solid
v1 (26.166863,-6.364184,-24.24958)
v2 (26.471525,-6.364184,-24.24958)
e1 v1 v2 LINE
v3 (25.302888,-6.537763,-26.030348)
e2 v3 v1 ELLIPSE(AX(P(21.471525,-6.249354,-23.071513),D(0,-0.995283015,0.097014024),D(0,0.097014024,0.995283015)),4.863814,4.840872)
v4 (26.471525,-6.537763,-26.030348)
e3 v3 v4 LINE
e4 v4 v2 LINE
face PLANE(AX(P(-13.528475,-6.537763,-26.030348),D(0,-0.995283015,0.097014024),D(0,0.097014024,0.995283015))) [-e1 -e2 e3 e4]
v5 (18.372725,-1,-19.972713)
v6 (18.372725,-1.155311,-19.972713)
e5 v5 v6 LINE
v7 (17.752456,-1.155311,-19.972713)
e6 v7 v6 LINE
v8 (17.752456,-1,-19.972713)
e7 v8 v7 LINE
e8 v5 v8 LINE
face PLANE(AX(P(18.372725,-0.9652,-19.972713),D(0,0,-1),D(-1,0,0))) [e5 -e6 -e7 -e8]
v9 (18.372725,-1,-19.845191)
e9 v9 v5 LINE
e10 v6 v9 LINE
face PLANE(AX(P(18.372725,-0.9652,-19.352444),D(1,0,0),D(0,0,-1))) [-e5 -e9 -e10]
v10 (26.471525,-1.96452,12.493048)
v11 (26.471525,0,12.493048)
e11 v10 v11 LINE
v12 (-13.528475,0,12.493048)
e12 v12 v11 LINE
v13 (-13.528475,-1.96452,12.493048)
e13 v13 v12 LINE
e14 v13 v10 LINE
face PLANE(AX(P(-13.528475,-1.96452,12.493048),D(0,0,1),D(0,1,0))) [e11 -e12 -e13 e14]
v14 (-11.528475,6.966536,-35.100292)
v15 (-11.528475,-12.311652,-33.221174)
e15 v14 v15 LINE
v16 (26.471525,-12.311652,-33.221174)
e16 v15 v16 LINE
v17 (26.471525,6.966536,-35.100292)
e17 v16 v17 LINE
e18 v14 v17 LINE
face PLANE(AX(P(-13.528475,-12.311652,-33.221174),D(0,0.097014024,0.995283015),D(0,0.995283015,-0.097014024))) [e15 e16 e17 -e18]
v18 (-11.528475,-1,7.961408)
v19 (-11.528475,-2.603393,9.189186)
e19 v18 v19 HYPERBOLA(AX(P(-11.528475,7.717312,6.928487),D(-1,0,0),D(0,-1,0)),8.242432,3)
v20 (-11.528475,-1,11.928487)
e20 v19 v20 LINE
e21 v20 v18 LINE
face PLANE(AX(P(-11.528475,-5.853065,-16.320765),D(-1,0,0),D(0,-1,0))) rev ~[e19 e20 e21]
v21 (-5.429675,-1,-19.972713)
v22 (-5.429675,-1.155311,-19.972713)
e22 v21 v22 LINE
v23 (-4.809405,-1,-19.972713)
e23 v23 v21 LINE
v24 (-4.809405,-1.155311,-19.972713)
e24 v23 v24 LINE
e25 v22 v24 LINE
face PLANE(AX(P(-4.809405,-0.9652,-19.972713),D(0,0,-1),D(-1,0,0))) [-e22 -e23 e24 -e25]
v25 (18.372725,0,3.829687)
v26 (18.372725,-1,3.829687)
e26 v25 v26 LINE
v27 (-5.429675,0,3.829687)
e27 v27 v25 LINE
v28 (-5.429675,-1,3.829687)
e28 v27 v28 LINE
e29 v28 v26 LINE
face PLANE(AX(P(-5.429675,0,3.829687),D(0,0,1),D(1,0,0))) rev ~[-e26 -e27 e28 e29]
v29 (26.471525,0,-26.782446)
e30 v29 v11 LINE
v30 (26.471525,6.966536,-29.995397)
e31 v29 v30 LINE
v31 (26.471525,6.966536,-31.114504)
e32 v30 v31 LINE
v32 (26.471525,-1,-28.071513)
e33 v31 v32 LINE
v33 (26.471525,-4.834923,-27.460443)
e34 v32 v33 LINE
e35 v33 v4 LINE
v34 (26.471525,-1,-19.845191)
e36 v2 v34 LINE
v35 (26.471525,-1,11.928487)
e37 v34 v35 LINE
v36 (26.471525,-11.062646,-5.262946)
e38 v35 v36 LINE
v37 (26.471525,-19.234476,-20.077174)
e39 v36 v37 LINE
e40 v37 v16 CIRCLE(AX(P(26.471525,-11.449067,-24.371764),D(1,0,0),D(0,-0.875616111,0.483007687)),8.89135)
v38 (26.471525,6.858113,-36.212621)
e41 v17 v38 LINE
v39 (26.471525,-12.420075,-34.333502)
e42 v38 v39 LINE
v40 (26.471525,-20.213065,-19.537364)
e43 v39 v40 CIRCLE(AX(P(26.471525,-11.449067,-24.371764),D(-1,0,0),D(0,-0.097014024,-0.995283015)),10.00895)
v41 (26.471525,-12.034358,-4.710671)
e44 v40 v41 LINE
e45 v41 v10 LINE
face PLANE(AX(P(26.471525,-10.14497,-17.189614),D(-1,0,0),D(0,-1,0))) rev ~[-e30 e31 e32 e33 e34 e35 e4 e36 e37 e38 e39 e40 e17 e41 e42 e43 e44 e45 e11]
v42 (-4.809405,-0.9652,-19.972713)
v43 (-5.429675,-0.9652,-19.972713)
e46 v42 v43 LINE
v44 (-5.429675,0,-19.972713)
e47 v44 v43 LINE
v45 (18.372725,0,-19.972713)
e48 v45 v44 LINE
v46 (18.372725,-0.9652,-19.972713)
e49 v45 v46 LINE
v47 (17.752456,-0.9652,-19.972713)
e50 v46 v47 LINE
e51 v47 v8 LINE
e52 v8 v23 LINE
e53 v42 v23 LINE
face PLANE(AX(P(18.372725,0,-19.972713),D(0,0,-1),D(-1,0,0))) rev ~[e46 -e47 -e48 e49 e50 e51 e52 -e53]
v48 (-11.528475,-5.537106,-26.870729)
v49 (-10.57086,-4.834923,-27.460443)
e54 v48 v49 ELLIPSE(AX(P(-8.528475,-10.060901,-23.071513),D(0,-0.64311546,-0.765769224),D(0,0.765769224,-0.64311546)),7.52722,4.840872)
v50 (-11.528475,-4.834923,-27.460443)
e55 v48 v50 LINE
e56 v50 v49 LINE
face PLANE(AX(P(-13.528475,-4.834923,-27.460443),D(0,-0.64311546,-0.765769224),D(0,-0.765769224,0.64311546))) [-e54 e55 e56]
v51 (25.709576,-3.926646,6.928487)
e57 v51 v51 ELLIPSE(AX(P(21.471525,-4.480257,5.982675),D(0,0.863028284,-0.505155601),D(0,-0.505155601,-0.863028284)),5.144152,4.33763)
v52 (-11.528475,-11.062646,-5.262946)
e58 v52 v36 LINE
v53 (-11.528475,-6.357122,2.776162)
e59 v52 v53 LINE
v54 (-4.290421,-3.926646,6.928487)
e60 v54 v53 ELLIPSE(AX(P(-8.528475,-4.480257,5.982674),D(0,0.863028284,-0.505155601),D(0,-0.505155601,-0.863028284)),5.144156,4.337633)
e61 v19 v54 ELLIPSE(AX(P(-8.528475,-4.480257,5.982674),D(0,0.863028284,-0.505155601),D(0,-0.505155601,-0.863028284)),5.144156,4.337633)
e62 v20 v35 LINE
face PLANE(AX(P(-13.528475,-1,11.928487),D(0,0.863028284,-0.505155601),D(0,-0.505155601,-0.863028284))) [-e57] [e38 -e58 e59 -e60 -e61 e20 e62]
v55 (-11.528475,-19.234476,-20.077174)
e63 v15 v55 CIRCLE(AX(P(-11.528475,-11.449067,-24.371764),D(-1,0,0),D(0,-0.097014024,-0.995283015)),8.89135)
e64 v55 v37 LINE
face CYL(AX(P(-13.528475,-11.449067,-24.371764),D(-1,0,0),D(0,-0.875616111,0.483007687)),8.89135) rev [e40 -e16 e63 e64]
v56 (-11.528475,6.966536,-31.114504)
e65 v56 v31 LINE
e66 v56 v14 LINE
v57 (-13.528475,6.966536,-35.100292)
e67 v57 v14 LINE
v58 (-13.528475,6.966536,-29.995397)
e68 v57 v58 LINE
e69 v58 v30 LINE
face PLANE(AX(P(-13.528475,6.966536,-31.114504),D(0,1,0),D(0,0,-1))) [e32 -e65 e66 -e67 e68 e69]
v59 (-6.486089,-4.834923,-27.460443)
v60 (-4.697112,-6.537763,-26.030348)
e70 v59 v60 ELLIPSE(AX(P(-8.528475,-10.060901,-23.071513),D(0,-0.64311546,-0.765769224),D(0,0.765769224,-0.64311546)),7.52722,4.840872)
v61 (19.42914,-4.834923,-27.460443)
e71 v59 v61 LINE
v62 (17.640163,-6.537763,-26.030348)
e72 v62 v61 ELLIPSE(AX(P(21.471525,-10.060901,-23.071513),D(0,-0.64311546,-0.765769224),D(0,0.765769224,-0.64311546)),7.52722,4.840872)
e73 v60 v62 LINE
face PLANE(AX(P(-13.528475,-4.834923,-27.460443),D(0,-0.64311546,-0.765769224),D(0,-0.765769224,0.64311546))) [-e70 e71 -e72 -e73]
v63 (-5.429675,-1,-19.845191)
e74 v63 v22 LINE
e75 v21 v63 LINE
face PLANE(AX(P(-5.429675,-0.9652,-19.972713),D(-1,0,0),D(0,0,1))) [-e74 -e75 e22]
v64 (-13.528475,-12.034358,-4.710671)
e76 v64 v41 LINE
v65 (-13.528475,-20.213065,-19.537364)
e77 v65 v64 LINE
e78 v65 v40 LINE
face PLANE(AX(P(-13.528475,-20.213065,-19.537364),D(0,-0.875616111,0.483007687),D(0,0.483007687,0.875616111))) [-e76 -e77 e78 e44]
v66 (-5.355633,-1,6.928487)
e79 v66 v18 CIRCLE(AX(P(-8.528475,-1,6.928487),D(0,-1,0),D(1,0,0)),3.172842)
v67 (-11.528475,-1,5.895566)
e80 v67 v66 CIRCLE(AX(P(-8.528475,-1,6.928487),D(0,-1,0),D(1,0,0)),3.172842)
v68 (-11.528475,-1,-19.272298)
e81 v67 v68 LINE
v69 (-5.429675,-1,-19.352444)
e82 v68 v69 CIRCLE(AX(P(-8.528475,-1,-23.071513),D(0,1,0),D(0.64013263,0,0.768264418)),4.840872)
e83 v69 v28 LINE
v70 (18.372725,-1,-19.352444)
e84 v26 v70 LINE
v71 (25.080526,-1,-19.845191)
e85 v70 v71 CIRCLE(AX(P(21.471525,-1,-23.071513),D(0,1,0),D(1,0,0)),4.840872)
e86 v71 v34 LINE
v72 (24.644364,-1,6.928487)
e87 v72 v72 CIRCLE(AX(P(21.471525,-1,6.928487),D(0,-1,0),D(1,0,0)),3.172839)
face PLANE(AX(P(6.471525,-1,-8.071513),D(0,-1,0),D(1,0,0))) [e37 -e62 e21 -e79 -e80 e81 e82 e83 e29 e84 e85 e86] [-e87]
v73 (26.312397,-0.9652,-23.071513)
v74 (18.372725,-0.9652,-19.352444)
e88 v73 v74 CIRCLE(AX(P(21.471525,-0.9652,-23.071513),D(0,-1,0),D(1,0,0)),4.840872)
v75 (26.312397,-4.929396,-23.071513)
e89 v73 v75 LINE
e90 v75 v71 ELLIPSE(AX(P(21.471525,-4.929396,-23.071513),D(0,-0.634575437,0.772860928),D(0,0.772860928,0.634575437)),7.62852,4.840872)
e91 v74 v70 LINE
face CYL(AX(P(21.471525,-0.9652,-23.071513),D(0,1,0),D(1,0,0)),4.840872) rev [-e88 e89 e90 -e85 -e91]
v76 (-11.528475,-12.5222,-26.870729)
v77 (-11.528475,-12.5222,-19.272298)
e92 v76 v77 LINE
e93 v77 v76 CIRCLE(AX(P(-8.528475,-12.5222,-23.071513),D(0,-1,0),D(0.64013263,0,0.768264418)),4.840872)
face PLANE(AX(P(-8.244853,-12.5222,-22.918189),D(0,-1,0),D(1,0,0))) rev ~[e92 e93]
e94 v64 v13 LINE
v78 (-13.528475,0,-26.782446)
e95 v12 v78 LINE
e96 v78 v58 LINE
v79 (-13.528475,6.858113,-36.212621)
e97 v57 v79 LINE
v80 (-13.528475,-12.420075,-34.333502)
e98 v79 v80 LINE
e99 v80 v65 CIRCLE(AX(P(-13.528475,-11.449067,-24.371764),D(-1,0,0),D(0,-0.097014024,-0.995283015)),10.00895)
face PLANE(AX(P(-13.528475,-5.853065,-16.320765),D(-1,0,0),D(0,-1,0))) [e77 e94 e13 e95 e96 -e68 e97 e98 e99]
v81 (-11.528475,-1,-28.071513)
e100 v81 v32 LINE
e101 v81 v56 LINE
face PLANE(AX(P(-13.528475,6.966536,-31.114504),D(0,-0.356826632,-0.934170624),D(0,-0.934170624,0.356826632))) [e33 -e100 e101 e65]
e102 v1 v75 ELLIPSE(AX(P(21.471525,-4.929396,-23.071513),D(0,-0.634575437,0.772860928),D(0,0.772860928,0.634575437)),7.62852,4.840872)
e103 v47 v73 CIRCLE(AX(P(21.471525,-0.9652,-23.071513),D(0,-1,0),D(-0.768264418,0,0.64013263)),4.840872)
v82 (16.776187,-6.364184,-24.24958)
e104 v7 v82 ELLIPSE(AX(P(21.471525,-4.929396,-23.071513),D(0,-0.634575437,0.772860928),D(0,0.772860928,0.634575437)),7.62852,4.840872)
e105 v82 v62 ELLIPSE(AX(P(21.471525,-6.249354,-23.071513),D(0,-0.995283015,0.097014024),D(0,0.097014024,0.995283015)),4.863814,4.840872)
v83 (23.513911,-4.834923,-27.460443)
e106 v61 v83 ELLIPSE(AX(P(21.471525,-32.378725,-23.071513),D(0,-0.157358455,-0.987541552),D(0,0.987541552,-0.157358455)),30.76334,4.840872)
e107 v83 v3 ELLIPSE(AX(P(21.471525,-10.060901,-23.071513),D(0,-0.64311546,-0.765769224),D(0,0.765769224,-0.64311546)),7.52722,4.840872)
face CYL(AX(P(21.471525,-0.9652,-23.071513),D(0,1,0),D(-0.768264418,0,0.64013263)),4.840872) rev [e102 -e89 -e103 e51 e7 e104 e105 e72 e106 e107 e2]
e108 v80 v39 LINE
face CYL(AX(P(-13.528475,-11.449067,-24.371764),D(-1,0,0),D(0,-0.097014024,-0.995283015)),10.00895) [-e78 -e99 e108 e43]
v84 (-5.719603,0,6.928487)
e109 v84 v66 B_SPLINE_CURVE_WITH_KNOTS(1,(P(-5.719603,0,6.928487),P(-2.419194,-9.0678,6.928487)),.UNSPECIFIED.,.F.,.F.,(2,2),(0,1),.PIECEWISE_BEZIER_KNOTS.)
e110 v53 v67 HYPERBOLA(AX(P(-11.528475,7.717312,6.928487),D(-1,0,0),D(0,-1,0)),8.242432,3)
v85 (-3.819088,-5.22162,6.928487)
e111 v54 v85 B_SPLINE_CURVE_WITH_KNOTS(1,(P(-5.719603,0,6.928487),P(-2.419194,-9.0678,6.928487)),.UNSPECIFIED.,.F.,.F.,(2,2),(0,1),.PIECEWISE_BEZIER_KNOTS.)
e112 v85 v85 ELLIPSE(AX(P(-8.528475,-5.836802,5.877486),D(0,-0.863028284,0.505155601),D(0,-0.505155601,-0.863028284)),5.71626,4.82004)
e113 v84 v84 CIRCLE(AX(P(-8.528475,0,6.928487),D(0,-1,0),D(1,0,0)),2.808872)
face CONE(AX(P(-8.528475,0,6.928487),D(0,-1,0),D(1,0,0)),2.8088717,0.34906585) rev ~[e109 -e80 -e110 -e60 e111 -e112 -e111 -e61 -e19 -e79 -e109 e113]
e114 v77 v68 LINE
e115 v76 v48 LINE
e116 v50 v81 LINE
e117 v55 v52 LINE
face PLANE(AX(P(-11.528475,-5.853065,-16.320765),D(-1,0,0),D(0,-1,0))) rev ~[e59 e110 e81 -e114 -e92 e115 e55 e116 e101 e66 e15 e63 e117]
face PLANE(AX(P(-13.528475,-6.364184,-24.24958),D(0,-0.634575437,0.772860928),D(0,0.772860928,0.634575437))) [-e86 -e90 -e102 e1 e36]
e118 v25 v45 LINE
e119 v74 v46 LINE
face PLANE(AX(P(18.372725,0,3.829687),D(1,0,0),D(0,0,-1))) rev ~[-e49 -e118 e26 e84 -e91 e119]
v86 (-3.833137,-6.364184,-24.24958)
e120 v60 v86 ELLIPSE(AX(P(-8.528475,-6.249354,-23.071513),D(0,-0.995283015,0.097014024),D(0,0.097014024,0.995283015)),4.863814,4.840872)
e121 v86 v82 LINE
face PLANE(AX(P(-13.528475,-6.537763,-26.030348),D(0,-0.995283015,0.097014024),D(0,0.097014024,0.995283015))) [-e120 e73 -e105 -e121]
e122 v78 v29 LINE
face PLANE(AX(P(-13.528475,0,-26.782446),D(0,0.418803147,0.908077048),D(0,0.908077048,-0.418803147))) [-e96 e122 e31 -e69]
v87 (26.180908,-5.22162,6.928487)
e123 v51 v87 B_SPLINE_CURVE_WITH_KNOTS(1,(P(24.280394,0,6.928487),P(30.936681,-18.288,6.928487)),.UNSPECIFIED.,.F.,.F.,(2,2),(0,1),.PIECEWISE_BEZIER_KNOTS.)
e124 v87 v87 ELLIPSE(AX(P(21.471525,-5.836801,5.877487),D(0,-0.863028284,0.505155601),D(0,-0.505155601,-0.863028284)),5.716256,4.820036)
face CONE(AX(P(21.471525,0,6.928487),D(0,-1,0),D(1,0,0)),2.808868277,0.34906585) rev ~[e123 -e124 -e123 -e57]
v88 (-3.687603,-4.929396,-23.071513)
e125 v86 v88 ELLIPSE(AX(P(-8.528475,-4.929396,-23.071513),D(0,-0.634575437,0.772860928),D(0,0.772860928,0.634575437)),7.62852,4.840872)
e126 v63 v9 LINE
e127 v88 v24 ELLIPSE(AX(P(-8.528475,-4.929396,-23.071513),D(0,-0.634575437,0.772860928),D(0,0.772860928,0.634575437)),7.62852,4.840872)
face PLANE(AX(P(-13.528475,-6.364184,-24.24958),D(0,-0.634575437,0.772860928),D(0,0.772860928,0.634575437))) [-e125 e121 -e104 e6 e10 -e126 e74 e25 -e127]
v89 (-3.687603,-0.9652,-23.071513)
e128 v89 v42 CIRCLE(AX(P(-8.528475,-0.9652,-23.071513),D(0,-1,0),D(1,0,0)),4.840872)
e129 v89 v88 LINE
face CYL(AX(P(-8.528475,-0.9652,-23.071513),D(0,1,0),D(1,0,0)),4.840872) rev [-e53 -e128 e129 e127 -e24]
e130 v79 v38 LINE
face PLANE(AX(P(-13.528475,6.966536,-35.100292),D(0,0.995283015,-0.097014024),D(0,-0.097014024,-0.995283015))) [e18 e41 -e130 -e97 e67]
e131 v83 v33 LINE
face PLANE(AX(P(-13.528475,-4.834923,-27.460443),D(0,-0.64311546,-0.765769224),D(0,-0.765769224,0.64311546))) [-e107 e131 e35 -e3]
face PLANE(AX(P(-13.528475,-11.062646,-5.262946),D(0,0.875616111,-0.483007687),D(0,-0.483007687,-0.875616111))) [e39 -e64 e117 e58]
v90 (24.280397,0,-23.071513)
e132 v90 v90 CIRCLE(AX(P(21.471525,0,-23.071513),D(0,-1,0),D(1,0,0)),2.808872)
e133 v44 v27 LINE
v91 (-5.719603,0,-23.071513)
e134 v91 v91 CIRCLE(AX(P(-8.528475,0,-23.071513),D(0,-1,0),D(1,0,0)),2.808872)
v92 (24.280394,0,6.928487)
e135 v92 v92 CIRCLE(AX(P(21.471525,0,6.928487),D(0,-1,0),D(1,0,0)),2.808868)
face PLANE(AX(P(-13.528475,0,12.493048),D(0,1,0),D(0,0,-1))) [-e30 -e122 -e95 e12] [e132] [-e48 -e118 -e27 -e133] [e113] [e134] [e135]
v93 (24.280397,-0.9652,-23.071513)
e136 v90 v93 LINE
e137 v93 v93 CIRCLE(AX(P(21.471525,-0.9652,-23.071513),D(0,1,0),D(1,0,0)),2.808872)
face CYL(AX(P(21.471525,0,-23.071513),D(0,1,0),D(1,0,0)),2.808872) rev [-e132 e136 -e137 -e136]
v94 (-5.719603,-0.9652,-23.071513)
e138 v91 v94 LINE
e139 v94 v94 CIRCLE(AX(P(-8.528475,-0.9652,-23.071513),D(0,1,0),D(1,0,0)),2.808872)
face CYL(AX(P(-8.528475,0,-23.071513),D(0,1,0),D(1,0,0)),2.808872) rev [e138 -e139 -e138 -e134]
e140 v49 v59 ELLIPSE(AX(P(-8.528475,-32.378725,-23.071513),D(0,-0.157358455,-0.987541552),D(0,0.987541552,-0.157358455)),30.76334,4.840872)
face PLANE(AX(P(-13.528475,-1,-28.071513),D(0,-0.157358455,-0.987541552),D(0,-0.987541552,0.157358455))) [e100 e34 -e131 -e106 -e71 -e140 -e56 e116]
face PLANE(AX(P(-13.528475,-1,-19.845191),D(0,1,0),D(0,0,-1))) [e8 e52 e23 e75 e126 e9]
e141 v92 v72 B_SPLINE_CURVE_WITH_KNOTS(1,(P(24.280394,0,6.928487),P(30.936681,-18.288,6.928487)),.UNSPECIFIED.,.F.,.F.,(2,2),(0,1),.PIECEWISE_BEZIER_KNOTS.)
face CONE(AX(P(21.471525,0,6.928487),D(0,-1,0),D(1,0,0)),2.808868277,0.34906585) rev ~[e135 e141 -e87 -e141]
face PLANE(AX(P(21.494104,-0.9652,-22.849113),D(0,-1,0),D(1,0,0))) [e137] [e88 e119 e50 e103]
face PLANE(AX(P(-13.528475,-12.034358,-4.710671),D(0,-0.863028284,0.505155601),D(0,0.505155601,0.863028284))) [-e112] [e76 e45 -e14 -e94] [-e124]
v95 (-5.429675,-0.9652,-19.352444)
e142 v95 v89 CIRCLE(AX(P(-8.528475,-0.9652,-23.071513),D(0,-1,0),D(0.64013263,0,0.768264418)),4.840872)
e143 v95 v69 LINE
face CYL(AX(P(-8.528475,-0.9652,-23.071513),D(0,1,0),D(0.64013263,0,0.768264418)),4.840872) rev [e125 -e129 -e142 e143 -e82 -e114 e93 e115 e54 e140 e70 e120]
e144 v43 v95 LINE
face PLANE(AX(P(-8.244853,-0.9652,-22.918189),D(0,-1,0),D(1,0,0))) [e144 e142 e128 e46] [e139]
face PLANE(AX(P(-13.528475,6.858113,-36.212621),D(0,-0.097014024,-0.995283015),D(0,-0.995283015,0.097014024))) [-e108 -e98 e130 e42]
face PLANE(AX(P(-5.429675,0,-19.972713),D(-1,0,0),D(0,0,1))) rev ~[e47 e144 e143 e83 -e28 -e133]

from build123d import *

# Parameters (mm, degrees)
F0_W     = 40
F0_H     = 40
F0_R     = 2.8088717
F0_R_2   = 2.8088682771
F1_DEPTH = 1
F3_DEPTH = 40
F4_DEPTH = 2
F5_DEPTH = 18.288
F5_TAPER = -20
F6_DEPTH = 9.0678
F6_TAPER = -20
F7_START = 0.9652
F7_DEPTH = 11.557


with BuildPart() as f1:
    # F0 (on Front) → F1 (new body)
    with BuildSketch(Plane.XZ):
        with Locations((6.4715254307, -8.0715133995)):
            Rectangle(F0_W, F0_H)
        with BuildLine():
            Line((-5.4296746384, -19.3524439185), (-5.4296746384, 3.8296866696))
            Line((-5.4296746384, 3.8296866696), (18.3727254998, 3.8296866696))
            Line((18.3727254998, 3.8296866696), (18.3727254998, -19.3524439185))
            ThreePointArc((18.3727254998, -19.3524439185), (23.524954992, -18.6877403838), (26.3123971307, -23.0715133995))
            ThreePointArc((26.3123971307, -23.0715133995), (19.8237237716, -27.6233029935), (17.7524559497, -19.9727134686))
            Line((17.7524559497, -19.9727134686), (-4.8094050884, -19.9727134686))
            ThreePointArc((-4.8094050884, -19.9727134686), (-3.9766849753, -21.4237117404), (-3.6876028693, -23.0715133995))
            ThreePointArc((-3.6876028693, -23.0715133995), (-12.912247585, -25.1249429608), (-5.4296746384, -19.3524439185))
        make_face(mode=Mode.SUBTRACT)
        with Locations((-8.5284745693, 6.9284866005)):
            Circle(F0_R, mode=Mode.SUBTRACT)
        with Locations((21.4715254307, 6.9284866005)):
            Circle(F0_R_2, mode=Mode.SUBTRACT)
        with BuildLine():
            Line((-5.4296746384, -19.9727134686), (-5.4296746384, -19.3524439185))
            ThreePointArc((-5.4296746384, -19.3524439185), (-12.912247585, -25.1249429608), (-3.6876028693, -23.0715133995))
            ThreePointArc((-3.6876028693, -23.0715133995), (-3.9766849753, -21.4237117404), (-4.8094050884, -19.9727134686))
            Line((-4.8094050884, -19.9727134686), (-5.4296746384, -19.9727134686))
        make_face()
        with Locations((-8.5284745693, -23.0715133995)):
            Circle(F0_R, mode=Mode.SUBTRACT)
        with BuildLine():
            ThreePointArc((26.3123971307, -23.0715133995), (23.524954992, -18.6877403838), (18.3727254998, -19.3524439185))
            Line((18.3727254998, -19.3524439185), (18.3727254998, -19.9727134686))
            Line((18.3727254998, -19.9727134686), (17.7524559497, -19.9727134686))
            ThreePointArc((17.7524559497, -19.9727134686), (19.8237237716, -27.6233029935), (26.3123971307, -23.0715133995))
        make_face()
        with Locations((21.4715254307, -23.0715133995)):
            Circle(F0_R, mode=Mode.SUBTRACT)
    extrude(amount=F1_DEPTH)

    # F2 (on face) → F3 (join)
    with BuildSketch(Plane(origin=(-13.5284745693, 0, 0), x_dir=(0, -1, 0), z_dir=(-1, 0, 0))):
        with BuildLine():
            Line((12.3116524944, -33.2211739971), (-6.9665359333, -35.1002924144))
            Line((-6.9665359333, -35.1002924144), (-6.8581130742, -36.2126205614))
            Line((-6.8581130742, -36.2126205614), (12.4200753535, -34.333502144))
            ThreePointArc((12.4200753535, -34.333502144), (20.3048000078, -29.0359972653), (20.2130647017, -19.5373644454))
            Line((20.2130647017, -19.5373644454), (12.0343582979, -4.7106706036))
            Line((12.0343582979, -4.7106706036), (1.9645202799, 12.4930484239))
            Line((1.9645202799, 12.4930484239), (0, 12.4930484239))
            Line((0, 12.4930484239), (0, 11.9284866005))
            Line((0, 11.9284866005), (1, 11.9284866005))
            Line((1, 11.9284866005), (11.0626462847, -5.2629457787))
            Line((11.0626462847, -5.2629457787), (19.2344762678, -20.0771737634))
            ThreePointArc((19.2344762678, -20.0771737634), (19.3159684051, -28.5151887743), (12.3116524944, -33.2211739971))
        make_face()
        Polygon((1, -19.8451913893), (1, -28.0715133995), (4.8349229619, -27.460442856), (6.5377627002, -26.0303480879), (6.3641844317, -24.2495797575), align=None)
        Polygon((-6.9665359333, -31.1145037413), (1, -28.0715133995), (0, -28.0715133995), (0, -26.7824456096), (-6.9665359333, -29.9953967333), align=None)
    extrude(amount=-F3_DEPTH)

    # F2 (on face) → F4 (join)
    with BuildSketch(Plane(origin=(-13.5284745693, 0, 0), x_dir=(0, -1, 0), z_dir=(-1, 0, 0))):
        with BuildLine():
            Line((4.8349229619, -27.460442856), (1, -28.0715133995))
            Line((1, -28.0715133995), (-6.9665359333, -31.1145037413))
            Line((-6.9665359333, -31.1145037413), (-6.9665359333, -35.1002924144))
            Line((-6.9665359333, -35.1002924144), (12.3116524944, -33.2211739971))
            ThreePointArc((12.3116524944, -33.2211739971), (19.3159684051, -28.5151887743), (19.2344762678, -20.0771737634))
            Line((19.2344762678, -20.0771737634), (11.0626462847, -5.2629457787))
            Line((11.0626462847, -5.2629457787), (1, 11.9284866005))
            Line((1, 11.9284866005), (1, -19.8451913893))
            Line((1, -19.8451913893), (6.3641844317, -24.2495797575))
            Line((6.3641844317, -24.2495797575), (6.5377627002, -26.0303480879))
            Line((6.5377627002, -26.0303480879), (4.8349229619, -27.460442856))
        make_face()
    extrude(amount=-F4_DEPTH)

    # F0 (on Front) → F5 (cut)
    with BuildSketch(Plane.XZ):
        with Locations((21.4715254307, 6.9284866005)):
            Circle(F0_R_2)
    extrude(amount=F5_DEPTH, taper=F5_TAPER, mode=Mode.SUBTRACT)

    # F0 (on Front) → F6 (cut)
    with BuildSketch(Plane.XZ):
        with Locations((-8.5284745693, 6.9284866005)):
            Circle(F0_R)
    extrude(amount=F6_DEPTH, taper=F6_TAPER, mode=Mode.SUBTRACT)

    # F0 (on Front) → F7 (cut)
    with BuildSketch(Plane.XZ.offset(F7_START)):
        with BuildLine():
            ThreePointArc((26.3123971307, -23.0715133995), (23.524954992, -18.6877403838), (18.3727254998, -19.3524439185))
            Line((18.3727254998, -19.3524439185), (18.3727254998, -19.9727134686))
            Line((18.3727254998, -19.9727134686), (17.7524559497, -19.9727134686))
            ThreePointArc((17.7524559497, -19.9727134686), (19.8237237716, -27.6233029935), (26.3123971307, -23.0715133995))
        make_face()
        with Locations((21.4715254307, -23.0715133995)):
            Circle(F0_R, mode=Mode.SUBTRACT)
        with BuildLine():
            Line((-5.4296746384, -19.9727134686), (-5.4296746384, -19.3524439185))
            ThreePointArc((-5.4296746384, -19.3524439185), (-12.912247585, -25.1249429608), (-3.6876028693, -23.0715133995))
            ThreePointArc((-3.6876028693, -23.0715133995), (-3.9766849753, -21.4237117404), (-4.8094050884, -19.9727134686))
            Line((-4.8094050884, -19.9727134686), (-5.4296746384, -19.9727134686))
        make_face()
        with Locations((-8.5284745693, -23.0715133995)):
            Circle(F0_R, mode=Mode.SUBTRACT)
        with Locations((21.4715254307, -23.0715133995)):
            Circle(F0_R)
        with Locations((-8.5284745693, -23.0715133995)):
            Circle(F0_R)
    extrude(amount=F7_DEPTH, mode=Mode.SUBTRACT)


solid = f1.part
